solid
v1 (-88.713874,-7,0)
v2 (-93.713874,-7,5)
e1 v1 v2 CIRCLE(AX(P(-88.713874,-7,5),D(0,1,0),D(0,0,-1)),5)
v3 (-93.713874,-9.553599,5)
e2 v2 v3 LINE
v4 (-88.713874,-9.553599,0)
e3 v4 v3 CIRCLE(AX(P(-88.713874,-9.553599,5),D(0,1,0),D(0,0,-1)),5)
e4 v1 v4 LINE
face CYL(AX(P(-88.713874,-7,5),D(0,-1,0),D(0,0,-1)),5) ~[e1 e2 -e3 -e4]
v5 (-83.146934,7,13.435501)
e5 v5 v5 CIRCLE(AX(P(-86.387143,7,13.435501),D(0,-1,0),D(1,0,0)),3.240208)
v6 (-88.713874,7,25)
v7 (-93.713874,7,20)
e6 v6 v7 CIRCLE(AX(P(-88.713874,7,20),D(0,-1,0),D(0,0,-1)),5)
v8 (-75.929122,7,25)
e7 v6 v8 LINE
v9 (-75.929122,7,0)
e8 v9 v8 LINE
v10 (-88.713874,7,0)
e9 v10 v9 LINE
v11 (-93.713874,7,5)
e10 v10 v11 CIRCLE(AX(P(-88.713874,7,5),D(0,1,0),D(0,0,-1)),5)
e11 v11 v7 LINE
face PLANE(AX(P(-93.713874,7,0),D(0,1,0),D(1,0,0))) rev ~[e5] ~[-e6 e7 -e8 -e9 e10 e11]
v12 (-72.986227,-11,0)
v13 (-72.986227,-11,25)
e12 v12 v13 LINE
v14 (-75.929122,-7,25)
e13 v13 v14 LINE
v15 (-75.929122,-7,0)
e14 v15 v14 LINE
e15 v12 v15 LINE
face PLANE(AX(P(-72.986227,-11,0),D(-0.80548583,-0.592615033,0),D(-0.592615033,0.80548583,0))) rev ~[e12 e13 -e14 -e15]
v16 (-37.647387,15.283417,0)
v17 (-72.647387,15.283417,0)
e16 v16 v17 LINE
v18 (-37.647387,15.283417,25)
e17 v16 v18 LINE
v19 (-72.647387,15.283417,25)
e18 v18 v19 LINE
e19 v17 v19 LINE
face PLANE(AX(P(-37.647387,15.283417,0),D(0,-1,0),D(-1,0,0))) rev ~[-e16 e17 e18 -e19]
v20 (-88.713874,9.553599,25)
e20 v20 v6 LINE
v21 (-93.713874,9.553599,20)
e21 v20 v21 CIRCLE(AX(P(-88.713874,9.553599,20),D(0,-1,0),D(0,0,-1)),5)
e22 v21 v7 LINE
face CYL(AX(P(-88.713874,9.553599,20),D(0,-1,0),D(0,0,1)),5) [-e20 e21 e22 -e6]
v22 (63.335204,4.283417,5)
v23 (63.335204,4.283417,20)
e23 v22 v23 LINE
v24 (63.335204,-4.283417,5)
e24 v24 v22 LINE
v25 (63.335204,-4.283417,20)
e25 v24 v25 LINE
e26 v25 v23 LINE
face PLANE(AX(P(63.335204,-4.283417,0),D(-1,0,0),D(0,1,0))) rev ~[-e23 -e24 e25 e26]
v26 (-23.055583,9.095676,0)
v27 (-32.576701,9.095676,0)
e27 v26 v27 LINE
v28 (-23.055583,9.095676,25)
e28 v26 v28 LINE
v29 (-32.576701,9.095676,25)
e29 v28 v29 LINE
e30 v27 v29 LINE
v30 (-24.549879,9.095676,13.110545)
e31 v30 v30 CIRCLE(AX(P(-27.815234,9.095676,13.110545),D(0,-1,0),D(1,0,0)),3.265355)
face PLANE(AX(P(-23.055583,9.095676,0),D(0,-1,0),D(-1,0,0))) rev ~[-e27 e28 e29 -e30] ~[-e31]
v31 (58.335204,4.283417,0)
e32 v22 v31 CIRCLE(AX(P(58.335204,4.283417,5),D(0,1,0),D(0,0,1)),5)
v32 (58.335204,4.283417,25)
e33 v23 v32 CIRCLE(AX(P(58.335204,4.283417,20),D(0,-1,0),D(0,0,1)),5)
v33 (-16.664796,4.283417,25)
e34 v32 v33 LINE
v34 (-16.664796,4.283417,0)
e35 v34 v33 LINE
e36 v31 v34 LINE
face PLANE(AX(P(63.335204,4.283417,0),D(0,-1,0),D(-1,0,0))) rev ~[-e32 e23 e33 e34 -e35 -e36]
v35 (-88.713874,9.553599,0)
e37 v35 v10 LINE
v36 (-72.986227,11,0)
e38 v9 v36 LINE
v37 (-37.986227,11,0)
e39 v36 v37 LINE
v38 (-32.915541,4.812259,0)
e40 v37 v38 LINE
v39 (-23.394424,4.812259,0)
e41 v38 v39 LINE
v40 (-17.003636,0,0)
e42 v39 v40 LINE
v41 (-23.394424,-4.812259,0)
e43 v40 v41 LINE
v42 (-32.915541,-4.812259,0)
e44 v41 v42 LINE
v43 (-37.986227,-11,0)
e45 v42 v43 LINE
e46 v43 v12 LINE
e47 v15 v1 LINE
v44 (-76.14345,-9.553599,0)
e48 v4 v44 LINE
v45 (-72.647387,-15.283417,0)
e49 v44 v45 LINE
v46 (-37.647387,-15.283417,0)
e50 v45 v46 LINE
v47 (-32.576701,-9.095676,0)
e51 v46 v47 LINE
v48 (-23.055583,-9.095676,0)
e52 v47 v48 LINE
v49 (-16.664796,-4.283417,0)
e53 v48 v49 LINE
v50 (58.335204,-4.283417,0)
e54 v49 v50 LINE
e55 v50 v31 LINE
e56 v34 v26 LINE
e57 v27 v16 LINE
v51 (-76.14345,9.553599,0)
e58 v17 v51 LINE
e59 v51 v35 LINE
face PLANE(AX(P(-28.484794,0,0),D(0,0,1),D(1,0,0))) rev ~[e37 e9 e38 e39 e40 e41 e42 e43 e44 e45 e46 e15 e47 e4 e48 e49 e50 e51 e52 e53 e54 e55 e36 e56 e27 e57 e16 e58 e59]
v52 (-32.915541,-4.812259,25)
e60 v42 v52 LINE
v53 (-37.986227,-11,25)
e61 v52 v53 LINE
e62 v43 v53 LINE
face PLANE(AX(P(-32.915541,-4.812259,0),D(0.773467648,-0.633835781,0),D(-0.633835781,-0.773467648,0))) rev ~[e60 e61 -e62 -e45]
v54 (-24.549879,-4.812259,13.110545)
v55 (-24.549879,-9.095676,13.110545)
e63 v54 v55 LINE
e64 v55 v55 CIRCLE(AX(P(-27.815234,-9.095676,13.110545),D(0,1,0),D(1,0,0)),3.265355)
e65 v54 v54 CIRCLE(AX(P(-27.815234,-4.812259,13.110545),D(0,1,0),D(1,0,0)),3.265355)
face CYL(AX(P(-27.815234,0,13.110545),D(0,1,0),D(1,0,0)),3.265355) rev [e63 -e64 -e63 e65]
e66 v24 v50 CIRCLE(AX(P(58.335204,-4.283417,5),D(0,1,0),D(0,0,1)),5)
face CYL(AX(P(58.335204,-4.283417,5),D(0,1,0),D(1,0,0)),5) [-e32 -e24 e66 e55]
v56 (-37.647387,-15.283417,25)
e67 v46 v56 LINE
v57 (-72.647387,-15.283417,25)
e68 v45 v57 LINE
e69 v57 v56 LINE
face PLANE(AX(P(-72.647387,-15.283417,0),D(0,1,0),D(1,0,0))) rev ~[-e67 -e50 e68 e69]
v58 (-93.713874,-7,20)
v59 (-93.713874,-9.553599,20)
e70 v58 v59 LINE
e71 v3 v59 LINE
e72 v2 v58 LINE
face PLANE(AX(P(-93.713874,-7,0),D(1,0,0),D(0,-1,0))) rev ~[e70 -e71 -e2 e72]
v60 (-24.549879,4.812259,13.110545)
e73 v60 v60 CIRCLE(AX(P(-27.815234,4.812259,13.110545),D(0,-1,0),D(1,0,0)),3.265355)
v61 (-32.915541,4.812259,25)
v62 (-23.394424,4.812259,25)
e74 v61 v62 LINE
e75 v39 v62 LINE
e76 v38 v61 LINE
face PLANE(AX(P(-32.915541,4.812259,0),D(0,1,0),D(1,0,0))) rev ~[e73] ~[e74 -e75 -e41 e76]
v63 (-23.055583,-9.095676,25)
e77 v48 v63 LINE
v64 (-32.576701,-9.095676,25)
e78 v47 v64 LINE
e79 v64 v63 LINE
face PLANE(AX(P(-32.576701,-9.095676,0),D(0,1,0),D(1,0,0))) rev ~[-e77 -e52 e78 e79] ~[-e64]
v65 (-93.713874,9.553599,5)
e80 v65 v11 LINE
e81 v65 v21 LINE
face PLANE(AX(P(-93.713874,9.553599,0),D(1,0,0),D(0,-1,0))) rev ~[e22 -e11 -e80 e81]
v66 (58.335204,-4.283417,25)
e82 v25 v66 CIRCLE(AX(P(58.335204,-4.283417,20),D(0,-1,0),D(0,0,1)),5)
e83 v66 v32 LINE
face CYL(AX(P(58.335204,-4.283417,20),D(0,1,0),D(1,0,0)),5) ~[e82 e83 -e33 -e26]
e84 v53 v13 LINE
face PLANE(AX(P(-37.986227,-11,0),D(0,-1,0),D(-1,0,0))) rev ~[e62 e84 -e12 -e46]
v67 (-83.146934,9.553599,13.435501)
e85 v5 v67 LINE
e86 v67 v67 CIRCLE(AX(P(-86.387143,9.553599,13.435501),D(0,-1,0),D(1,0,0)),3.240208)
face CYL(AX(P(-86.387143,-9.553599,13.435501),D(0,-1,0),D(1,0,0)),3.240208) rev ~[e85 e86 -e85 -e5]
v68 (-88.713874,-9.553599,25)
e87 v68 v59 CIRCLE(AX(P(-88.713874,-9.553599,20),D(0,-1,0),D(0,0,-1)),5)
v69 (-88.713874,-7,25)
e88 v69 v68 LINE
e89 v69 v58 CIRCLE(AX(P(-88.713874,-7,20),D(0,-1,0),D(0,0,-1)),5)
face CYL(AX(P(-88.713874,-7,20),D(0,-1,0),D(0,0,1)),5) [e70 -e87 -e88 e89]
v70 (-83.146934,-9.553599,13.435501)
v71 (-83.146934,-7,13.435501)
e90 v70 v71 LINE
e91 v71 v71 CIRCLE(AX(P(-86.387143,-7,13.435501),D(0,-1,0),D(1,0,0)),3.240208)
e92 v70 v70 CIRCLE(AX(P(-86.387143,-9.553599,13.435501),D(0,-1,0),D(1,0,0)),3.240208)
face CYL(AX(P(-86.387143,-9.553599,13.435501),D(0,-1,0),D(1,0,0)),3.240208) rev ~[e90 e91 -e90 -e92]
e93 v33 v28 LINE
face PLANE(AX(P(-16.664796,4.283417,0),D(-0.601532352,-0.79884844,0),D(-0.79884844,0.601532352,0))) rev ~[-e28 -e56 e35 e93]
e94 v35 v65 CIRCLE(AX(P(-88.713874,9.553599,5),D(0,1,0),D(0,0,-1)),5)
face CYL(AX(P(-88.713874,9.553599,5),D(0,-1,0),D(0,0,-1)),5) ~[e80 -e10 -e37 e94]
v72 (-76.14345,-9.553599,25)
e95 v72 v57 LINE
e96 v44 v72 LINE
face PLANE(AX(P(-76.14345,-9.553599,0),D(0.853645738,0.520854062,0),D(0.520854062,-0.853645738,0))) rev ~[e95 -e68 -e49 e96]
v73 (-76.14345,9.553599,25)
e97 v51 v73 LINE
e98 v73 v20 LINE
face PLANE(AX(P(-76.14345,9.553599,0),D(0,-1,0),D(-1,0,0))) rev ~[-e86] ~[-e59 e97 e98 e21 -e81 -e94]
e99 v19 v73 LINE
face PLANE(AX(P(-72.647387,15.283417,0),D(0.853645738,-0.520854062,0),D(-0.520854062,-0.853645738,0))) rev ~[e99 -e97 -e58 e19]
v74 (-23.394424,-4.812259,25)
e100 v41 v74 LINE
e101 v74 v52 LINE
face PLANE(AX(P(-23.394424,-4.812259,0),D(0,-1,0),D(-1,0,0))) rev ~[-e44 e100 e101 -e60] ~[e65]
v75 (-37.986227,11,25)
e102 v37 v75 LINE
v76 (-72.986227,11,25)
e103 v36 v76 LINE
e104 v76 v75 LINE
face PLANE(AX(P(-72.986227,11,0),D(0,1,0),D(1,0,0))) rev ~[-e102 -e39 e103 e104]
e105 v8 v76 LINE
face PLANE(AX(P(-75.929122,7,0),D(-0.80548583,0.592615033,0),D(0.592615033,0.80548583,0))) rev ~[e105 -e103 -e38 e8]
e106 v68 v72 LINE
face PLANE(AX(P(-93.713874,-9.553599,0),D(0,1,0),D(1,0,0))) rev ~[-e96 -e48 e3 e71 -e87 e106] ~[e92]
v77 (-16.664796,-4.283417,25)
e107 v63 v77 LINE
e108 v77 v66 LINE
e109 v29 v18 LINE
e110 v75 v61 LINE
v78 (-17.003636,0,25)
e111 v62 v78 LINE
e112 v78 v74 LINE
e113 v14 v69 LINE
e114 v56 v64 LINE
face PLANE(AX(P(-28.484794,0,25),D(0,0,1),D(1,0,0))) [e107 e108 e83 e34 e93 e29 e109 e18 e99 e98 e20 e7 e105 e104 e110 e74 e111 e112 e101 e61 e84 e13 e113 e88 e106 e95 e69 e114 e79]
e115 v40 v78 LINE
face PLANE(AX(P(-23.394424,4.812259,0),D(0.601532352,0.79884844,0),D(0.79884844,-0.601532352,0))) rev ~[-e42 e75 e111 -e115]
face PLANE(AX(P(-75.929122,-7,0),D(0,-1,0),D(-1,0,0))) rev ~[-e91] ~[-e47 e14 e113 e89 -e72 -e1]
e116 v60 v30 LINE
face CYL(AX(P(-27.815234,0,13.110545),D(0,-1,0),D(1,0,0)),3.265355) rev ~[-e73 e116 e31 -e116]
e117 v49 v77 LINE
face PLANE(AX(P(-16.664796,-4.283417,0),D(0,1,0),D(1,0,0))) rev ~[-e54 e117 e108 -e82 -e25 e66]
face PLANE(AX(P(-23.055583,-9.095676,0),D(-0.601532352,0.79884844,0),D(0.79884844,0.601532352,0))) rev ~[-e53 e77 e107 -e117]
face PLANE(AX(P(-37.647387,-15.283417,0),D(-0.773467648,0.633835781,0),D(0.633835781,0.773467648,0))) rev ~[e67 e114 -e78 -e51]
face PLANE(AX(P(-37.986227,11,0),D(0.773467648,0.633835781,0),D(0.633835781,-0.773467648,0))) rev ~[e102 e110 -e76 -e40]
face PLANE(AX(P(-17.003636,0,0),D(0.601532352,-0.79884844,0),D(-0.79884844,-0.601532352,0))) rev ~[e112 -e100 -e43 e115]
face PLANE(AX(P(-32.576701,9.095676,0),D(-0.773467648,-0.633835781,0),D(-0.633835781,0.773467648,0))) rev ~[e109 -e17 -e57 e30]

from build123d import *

# Parameters (mm, degrees)
F1_DEPTH      = 25
F2_R          = 5
F3_R          = 5
F4_R          = 3.2402082651
F5_DEPTH      = 25
F5_DEPTH_BACK = 25
F6_R          = 3.2653549995
F7_DEPTH      = 25
F7_DEPTH_BACK = 25


with BuildPart() as f1:
    # F0 (on Top) → F1 (new body)
    with BuildSketch(Plane.XY):
        Polygon((-23.0555834253, -9.0956758987), (-16.664795906, -4.2834170857), (55.335204094, -4.2834170857), (63.335204094, -4.2834170857), (63.335204094, 4.2834170857), (55.335204094, 4.2834170857), (-16.664795906, 4.2834170857), (-23.0555834253, 9.0956758987), (-32.5767005301, 9.0956758987), (-37.6473867758, 15.2834170857), (-72.6473867758, 15.2834170857), (-76.1434496577, 9.5535986996), (-93.7138741884, 9.5535986996), (-93.7138741884, 7), (-75.9291218825, 7), (-72.9862269919, 11), (-37.9862269919, 11), (-32.9155407462, 4.812258813), (-23.3944236414, 4.812258813), (-17.0036361221, 0), (-23.3944236414, -4.812258813), (-32.9155407462, -4.812258813), (-37.9862269919, -11), (-72.9862269919, -11), (-75.9291218825, -7), (-93.7138741884, -7), (-93.7138741884, -9.5535986996), (-76.1434496577, -9.5535986996), (-72.6473867758, -15.2834170857), (-37.6473867758, -15.2834170857), (-32.5767005301, -9.0956758987), align=None)
    extrude(amount=F1_DEPTH)

    # F2
    f2_edges = [f1.edges().sort_by_distance(p)[0] for p in [
        (63.335204, 0, 25),
        (63.335204, 0, 0),
    ]]
    fillet(f2_edges, radius=F2_R)

    # F3
    f3_edges = [f1.edges().sort_by_distance(p)[0] for p in [
        (-93.713874, 8.276799, 25),
        (-93.713874, 8.276799, 0),
        (-93.713874, -8.276799, 25),
        (-93.713874, -8.276799, 0),
    ]]
    fillet(f3_edges, radius=F3_R)

    # F4 (on face) → F5 (cut, two sides)
    with BuildSketch(Plane.XZ.offset(9.5535986996)) as f5_sk:
        with Locations((-86.387142539, 13.4355006739)):
            Circle(F4_R)
    extrude(amount=F5_DEPTH, mode=Mode.SUBTRACT)
    extrude(f5_sk.sketch, amount=-F5_DEPTH_BACK, mode=Mode.SUBTRACT)

    # F6 (on Front) → F7 (cut, two sides)
    with BuildSketch(Plane.XZ) as f7_sk:
        with Locations((-27.815233916, 13.1105445325)):
            Circle(F6_R)
    extrude(amount=-F7_DEPTH, mode=Mode.SUBTRACT)
    extrude(f7_sk.sketch, amount=F7_DEPTH_BACK, mode=Mode.SUBTRACT)


solid = f1.part
